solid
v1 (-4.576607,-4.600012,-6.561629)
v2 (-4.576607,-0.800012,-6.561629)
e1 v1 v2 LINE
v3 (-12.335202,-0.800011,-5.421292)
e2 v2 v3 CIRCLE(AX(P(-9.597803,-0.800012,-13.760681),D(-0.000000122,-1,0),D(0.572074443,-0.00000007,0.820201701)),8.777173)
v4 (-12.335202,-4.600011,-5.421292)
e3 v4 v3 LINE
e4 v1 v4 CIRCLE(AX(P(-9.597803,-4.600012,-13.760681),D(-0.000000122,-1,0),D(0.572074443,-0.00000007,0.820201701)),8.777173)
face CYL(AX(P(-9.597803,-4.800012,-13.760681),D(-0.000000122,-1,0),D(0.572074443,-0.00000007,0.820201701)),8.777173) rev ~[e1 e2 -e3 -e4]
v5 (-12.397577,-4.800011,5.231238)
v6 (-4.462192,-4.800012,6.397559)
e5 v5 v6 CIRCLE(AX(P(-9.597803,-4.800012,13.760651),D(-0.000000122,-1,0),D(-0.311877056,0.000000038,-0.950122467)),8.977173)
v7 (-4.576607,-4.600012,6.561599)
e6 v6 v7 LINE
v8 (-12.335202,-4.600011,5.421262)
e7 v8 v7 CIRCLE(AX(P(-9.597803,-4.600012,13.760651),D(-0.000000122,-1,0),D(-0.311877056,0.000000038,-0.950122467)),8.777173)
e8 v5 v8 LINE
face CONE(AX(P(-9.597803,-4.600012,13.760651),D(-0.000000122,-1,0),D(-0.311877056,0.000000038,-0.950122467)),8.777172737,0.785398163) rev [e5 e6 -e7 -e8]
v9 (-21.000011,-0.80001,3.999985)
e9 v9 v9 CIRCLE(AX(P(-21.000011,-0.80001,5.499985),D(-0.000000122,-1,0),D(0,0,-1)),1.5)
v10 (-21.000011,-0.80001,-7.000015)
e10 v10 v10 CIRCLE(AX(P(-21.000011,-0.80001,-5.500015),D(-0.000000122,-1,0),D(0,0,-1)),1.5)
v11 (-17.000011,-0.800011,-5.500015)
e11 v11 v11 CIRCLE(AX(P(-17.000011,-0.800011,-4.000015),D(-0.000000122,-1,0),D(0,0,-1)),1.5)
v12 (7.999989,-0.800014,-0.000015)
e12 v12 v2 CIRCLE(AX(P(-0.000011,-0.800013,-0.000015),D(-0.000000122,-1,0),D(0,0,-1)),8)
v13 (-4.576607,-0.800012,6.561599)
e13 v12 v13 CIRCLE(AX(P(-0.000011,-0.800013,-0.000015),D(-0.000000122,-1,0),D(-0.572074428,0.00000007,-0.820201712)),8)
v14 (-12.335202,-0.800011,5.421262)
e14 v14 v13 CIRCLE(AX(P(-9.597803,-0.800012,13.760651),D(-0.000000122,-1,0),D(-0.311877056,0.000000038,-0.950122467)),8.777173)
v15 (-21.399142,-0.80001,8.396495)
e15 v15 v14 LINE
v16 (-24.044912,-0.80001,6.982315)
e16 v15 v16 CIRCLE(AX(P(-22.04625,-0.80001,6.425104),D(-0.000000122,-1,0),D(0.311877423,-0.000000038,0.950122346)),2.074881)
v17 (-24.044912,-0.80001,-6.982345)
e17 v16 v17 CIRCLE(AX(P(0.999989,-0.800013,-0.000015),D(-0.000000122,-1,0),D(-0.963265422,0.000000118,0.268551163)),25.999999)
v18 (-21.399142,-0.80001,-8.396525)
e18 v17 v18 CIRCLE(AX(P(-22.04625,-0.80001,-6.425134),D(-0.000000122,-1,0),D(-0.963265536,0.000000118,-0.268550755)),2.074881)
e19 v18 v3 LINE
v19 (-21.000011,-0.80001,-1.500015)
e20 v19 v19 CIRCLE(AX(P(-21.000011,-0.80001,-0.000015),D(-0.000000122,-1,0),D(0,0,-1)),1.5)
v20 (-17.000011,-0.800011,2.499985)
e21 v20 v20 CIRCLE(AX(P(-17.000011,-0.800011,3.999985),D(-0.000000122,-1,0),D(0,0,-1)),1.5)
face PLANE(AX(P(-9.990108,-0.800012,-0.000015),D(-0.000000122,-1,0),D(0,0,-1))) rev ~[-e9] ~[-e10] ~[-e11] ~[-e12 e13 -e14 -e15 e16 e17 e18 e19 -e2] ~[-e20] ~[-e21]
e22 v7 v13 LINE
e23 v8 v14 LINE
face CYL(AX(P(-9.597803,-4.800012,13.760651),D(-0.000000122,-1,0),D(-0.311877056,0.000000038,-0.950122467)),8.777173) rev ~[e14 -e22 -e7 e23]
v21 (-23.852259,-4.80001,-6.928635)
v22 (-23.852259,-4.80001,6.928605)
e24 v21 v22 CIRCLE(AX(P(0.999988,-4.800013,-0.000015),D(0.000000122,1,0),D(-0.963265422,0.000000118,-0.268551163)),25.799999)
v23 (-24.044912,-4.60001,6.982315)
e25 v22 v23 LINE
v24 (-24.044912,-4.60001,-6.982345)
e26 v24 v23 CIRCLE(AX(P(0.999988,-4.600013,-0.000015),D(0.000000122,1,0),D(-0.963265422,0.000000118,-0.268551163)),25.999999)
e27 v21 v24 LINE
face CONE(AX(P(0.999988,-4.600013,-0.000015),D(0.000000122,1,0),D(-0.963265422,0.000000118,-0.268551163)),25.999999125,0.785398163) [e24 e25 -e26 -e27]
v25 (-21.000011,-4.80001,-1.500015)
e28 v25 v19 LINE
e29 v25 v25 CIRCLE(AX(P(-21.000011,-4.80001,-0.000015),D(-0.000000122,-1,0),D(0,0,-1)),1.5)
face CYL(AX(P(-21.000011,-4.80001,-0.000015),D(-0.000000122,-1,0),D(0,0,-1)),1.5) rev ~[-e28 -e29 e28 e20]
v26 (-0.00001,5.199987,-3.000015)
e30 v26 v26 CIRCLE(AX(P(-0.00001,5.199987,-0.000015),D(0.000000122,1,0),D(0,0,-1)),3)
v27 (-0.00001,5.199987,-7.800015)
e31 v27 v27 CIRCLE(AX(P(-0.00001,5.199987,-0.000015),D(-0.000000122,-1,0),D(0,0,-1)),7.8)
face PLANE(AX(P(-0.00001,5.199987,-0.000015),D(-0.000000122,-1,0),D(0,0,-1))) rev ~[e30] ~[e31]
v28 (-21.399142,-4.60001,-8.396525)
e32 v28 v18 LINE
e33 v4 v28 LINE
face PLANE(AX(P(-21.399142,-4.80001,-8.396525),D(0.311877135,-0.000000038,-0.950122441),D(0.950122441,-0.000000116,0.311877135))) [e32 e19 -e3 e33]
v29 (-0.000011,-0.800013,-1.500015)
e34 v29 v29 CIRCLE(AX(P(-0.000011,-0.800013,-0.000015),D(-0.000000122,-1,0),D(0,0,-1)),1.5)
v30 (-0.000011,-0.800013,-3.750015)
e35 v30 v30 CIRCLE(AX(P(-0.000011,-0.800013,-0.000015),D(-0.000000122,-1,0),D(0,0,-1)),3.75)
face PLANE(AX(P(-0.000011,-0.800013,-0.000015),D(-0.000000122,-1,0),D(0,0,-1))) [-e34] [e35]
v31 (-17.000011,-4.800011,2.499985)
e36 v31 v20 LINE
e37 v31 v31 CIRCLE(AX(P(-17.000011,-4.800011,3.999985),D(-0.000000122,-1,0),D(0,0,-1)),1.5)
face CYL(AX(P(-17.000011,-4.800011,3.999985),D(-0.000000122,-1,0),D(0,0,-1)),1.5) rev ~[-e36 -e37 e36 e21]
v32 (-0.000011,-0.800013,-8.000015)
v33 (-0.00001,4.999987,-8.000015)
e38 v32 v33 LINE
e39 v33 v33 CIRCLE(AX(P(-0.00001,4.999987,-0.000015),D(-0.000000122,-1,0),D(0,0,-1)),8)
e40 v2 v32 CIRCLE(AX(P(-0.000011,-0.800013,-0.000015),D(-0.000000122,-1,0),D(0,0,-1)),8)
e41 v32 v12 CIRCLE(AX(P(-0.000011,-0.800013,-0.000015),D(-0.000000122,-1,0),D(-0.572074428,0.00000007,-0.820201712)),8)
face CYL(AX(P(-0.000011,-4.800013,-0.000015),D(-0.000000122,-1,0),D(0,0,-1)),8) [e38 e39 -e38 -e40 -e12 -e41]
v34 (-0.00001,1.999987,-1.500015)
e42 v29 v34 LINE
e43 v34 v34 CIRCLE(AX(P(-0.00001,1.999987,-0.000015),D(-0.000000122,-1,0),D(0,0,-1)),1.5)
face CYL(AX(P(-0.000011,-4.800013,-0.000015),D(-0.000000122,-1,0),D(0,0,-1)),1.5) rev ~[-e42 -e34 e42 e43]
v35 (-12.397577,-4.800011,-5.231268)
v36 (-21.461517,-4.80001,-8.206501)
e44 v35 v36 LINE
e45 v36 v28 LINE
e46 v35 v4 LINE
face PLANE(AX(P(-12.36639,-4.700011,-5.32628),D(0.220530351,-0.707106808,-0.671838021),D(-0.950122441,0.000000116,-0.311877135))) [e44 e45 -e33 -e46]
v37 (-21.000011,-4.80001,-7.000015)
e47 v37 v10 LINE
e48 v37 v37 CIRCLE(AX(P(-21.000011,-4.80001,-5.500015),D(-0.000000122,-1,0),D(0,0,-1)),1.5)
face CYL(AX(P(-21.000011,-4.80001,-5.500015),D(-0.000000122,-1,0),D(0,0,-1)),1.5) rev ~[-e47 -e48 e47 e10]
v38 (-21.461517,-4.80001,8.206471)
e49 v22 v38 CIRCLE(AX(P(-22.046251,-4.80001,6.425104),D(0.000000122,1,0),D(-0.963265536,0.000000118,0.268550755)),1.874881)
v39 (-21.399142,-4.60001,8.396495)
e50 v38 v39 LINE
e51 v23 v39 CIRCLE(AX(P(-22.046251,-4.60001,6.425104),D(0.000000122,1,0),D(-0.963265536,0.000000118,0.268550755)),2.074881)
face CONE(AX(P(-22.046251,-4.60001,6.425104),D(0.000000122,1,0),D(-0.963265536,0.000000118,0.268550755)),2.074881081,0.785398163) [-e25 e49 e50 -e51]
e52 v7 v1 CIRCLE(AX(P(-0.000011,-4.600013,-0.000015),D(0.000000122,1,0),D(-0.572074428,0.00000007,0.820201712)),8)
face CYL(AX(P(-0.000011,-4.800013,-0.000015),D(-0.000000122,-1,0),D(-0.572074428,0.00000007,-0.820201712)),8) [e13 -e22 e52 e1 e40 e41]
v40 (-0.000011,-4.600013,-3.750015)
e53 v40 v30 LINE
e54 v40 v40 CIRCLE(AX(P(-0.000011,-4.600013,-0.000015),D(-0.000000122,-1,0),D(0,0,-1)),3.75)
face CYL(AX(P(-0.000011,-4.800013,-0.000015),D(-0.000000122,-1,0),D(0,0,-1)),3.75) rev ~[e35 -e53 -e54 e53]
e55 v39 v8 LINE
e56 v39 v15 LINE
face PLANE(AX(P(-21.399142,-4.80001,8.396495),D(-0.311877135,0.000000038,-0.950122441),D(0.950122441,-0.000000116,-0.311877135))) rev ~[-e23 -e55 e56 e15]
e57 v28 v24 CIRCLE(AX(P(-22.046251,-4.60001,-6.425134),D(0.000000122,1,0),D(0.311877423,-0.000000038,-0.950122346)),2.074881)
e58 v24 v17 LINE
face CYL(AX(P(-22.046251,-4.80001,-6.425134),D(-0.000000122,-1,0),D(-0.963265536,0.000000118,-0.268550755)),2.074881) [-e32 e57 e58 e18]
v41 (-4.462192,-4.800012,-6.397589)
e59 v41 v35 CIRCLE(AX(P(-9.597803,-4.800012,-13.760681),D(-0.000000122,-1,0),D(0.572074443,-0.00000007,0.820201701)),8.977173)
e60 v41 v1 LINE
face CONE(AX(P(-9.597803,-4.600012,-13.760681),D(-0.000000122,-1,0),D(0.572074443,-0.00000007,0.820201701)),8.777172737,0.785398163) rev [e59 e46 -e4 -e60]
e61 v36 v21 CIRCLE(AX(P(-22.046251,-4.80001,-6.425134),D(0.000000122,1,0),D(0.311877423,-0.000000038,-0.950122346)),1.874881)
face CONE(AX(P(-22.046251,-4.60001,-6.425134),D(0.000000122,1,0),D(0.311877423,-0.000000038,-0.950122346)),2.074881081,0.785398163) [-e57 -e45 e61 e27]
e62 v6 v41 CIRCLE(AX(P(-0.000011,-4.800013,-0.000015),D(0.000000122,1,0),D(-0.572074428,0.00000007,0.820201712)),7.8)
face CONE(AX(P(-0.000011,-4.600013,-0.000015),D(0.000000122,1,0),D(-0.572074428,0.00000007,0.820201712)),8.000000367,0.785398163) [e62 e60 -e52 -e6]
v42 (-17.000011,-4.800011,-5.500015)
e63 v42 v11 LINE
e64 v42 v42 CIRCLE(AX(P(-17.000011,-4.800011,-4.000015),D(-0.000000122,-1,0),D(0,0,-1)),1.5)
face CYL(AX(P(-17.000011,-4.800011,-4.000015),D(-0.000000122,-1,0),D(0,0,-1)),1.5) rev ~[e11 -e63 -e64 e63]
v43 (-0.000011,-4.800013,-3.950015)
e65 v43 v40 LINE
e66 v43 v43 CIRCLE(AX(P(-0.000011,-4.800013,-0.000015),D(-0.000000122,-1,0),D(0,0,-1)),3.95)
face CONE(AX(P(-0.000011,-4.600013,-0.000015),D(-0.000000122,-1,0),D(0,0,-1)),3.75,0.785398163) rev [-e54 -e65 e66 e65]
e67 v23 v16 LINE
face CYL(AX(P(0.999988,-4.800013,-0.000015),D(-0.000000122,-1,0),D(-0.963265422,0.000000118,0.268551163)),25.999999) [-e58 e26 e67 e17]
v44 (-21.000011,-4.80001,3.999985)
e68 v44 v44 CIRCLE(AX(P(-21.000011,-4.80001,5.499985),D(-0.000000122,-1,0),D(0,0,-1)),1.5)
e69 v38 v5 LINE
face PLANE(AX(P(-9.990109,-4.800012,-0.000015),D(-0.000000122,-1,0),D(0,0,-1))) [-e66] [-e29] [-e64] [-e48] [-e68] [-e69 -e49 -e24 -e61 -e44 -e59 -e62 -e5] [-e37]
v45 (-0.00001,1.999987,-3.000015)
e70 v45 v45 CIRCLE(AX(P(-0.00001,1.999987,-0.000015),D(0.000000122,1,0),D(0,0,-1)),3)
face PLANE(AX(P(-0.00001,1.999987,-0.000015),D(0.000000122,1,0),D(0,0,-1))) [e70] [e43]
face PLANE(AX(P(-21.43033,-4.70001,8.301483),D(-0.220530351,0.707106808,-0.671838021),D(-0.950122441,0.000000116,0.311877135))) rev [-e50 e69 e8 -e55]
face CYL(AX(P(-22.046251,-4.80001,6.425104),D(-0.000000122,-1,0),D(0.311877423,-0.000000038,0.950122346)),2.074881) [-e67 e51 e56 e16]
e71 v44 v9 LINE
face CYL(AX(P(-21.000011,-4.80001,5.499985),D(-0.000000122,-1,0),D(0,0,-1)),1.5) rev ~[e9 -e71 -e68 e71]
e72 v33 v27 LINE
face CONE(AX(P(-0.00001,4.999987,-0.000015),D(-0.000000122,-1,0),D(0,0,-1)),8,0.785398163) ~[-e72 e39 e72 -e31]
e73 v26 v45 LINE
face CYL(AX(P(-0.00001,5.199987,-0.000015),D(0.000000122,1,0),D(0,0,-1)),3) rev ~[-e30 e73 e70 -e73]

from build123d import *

# Parameters (mm, degrees)
SKETCH123_R             = 1.5
PAD066_DEPTH            = 4
SKETCH124_R             = 8
PAD067_DEPTH            = 10
SKETCH125_R             = 3
POCKET049_DEPTH         = 3.2
SKETCH126_R             = 1.5
POCKET050_DEPTH         = 10.001
SKETCH127_R             = 3.75
POCKET051_DEPTH         = 4
CHAMFER040_SIZE         = 0.2
CHAMFER041_SIZE         = 0.2
BODY057_PITCH_ANGLE     = 90
BODY057_PLACEMENT_ANGLE = -7e-06


with BuildPart() as part:
    # Sketch123 → Pad066 (new body)
    with BuildSketch(Plane.XZ):
        with BuildLine():
            ThreePointArc((6.561614, -4.576596), (0, 8), (-6.561614, -4.576596))
            ThreePointArc((-5.421277, -12.335191), (-5.076788, -8.32146), (-6.561614, -4.576596))
            Line((-8.39651, -21.399131), (-5.421277, -12.335191))
            ThreePointArc((-8.39651, -21.399131), (-8.255005, -23.024324), (-6.98233, -24.044901))
            ThreePointArc((-6.98233, -24.044901), (0, -25), (6.98233, -24.044901))
            ThreePointArc((6.98233, -24.044901), (8.255005, -23.024324), (8.39651, -21.399131))
            Line((8.39651, -21.399131), (5.421277, -12.335191))
            ThreePointArc((6.561614, -4.576596), (5.076788, -8.32146), (5.421277, -12.335191))
        make_face()
        with Locations((-5.5, -21)):
            Circle(SKETCH123_R, mode=Mode.SUBTRACT)
        with Locations((0, -21)):
            Circle(SKETCH123_R, mode=Mode.SUBTRACT)
        with Locations((5.5, -21)):
            Circle(SKETCH123_R, mode=Mode.SUBTRACT)
        with Locations((-4, -17)):
            Circle(SKETCH123_R, mode=Mode.SUBTRACT)
        with Locations((4, -17)):
            Circle(SKETCH123_R, mode=Mode.SUBTRACT)
    extrude(amount=-PAD066_DEPTH)

    # Sketch124 → Pad067 (join)
    with BuildSketch(Plane.XZ):
        Circle(SKETCH124_R)
    extrude(amount=-PAD067_DEPTH)

    # Sketch125 (on Face16 of Pad067) → Pocket049 (cut)
    with BuildSketch(Plane(origin=(0, 10, 0), x_dir=(1, 0, 0), z_dir=(0, 1, 0))):
        Circle(SKETCH125_R)
    extrude(amount=-POCKET049_DEPTH, mode=Mode.SUBTRACT)

    # Sketch126 → Pocket050 (cut, through all)
    with BuildSketch(Plane.XZ):
        Circle(SKETCH126_R)
    extrude(amount=-POCKET050_DEPTH, mode=Mode.SUBTRACT)

    # Sketch127 → Pocket051 (cut)
    with BuildSketch(Plane.XZ):
        Circle(SKETCH127_R)
    extrude(amount=-POCKET051_DEPTH, mode=Mode.SUBTRACT)

    # Chamfer040
    chamfer040_edges = [part.edges().sort_by_distance(p)[0] for p in [
        (-3.75, 0, 0),
        (5.076788, 0, -8.32146),
    ]]
    chamfer(chamfer040_edges, length=CHAMFER040_SIZE)

    # Chamfer041
    chamfer041_edges = [part.edges().sort_by_distance(p)[0] for p in [
        (-8, 10, 0),
    ]]
    chamfer(chamfer041_edges, length=CHAMFER041_SIZE)


with BuildPart() as part_1:
    # Body057 pitch: moved
    add(part.part.rotate(Axis((0, 0, 0), (0, 1, 0)), BODY057_PITCH_ANGLE))


with BuildPart() as part_2:
    # Body057 placement: moved
    add(part_1.part.moved(Location((-1.1e-05, -4.800013, -1.5e-05))).rotate(Axis((-1.1e-05, -4.800013, -1.5e-05), (0, 0, 1)), BODY057_PLACEMENT_ANGLE))


solid = part_2.part
